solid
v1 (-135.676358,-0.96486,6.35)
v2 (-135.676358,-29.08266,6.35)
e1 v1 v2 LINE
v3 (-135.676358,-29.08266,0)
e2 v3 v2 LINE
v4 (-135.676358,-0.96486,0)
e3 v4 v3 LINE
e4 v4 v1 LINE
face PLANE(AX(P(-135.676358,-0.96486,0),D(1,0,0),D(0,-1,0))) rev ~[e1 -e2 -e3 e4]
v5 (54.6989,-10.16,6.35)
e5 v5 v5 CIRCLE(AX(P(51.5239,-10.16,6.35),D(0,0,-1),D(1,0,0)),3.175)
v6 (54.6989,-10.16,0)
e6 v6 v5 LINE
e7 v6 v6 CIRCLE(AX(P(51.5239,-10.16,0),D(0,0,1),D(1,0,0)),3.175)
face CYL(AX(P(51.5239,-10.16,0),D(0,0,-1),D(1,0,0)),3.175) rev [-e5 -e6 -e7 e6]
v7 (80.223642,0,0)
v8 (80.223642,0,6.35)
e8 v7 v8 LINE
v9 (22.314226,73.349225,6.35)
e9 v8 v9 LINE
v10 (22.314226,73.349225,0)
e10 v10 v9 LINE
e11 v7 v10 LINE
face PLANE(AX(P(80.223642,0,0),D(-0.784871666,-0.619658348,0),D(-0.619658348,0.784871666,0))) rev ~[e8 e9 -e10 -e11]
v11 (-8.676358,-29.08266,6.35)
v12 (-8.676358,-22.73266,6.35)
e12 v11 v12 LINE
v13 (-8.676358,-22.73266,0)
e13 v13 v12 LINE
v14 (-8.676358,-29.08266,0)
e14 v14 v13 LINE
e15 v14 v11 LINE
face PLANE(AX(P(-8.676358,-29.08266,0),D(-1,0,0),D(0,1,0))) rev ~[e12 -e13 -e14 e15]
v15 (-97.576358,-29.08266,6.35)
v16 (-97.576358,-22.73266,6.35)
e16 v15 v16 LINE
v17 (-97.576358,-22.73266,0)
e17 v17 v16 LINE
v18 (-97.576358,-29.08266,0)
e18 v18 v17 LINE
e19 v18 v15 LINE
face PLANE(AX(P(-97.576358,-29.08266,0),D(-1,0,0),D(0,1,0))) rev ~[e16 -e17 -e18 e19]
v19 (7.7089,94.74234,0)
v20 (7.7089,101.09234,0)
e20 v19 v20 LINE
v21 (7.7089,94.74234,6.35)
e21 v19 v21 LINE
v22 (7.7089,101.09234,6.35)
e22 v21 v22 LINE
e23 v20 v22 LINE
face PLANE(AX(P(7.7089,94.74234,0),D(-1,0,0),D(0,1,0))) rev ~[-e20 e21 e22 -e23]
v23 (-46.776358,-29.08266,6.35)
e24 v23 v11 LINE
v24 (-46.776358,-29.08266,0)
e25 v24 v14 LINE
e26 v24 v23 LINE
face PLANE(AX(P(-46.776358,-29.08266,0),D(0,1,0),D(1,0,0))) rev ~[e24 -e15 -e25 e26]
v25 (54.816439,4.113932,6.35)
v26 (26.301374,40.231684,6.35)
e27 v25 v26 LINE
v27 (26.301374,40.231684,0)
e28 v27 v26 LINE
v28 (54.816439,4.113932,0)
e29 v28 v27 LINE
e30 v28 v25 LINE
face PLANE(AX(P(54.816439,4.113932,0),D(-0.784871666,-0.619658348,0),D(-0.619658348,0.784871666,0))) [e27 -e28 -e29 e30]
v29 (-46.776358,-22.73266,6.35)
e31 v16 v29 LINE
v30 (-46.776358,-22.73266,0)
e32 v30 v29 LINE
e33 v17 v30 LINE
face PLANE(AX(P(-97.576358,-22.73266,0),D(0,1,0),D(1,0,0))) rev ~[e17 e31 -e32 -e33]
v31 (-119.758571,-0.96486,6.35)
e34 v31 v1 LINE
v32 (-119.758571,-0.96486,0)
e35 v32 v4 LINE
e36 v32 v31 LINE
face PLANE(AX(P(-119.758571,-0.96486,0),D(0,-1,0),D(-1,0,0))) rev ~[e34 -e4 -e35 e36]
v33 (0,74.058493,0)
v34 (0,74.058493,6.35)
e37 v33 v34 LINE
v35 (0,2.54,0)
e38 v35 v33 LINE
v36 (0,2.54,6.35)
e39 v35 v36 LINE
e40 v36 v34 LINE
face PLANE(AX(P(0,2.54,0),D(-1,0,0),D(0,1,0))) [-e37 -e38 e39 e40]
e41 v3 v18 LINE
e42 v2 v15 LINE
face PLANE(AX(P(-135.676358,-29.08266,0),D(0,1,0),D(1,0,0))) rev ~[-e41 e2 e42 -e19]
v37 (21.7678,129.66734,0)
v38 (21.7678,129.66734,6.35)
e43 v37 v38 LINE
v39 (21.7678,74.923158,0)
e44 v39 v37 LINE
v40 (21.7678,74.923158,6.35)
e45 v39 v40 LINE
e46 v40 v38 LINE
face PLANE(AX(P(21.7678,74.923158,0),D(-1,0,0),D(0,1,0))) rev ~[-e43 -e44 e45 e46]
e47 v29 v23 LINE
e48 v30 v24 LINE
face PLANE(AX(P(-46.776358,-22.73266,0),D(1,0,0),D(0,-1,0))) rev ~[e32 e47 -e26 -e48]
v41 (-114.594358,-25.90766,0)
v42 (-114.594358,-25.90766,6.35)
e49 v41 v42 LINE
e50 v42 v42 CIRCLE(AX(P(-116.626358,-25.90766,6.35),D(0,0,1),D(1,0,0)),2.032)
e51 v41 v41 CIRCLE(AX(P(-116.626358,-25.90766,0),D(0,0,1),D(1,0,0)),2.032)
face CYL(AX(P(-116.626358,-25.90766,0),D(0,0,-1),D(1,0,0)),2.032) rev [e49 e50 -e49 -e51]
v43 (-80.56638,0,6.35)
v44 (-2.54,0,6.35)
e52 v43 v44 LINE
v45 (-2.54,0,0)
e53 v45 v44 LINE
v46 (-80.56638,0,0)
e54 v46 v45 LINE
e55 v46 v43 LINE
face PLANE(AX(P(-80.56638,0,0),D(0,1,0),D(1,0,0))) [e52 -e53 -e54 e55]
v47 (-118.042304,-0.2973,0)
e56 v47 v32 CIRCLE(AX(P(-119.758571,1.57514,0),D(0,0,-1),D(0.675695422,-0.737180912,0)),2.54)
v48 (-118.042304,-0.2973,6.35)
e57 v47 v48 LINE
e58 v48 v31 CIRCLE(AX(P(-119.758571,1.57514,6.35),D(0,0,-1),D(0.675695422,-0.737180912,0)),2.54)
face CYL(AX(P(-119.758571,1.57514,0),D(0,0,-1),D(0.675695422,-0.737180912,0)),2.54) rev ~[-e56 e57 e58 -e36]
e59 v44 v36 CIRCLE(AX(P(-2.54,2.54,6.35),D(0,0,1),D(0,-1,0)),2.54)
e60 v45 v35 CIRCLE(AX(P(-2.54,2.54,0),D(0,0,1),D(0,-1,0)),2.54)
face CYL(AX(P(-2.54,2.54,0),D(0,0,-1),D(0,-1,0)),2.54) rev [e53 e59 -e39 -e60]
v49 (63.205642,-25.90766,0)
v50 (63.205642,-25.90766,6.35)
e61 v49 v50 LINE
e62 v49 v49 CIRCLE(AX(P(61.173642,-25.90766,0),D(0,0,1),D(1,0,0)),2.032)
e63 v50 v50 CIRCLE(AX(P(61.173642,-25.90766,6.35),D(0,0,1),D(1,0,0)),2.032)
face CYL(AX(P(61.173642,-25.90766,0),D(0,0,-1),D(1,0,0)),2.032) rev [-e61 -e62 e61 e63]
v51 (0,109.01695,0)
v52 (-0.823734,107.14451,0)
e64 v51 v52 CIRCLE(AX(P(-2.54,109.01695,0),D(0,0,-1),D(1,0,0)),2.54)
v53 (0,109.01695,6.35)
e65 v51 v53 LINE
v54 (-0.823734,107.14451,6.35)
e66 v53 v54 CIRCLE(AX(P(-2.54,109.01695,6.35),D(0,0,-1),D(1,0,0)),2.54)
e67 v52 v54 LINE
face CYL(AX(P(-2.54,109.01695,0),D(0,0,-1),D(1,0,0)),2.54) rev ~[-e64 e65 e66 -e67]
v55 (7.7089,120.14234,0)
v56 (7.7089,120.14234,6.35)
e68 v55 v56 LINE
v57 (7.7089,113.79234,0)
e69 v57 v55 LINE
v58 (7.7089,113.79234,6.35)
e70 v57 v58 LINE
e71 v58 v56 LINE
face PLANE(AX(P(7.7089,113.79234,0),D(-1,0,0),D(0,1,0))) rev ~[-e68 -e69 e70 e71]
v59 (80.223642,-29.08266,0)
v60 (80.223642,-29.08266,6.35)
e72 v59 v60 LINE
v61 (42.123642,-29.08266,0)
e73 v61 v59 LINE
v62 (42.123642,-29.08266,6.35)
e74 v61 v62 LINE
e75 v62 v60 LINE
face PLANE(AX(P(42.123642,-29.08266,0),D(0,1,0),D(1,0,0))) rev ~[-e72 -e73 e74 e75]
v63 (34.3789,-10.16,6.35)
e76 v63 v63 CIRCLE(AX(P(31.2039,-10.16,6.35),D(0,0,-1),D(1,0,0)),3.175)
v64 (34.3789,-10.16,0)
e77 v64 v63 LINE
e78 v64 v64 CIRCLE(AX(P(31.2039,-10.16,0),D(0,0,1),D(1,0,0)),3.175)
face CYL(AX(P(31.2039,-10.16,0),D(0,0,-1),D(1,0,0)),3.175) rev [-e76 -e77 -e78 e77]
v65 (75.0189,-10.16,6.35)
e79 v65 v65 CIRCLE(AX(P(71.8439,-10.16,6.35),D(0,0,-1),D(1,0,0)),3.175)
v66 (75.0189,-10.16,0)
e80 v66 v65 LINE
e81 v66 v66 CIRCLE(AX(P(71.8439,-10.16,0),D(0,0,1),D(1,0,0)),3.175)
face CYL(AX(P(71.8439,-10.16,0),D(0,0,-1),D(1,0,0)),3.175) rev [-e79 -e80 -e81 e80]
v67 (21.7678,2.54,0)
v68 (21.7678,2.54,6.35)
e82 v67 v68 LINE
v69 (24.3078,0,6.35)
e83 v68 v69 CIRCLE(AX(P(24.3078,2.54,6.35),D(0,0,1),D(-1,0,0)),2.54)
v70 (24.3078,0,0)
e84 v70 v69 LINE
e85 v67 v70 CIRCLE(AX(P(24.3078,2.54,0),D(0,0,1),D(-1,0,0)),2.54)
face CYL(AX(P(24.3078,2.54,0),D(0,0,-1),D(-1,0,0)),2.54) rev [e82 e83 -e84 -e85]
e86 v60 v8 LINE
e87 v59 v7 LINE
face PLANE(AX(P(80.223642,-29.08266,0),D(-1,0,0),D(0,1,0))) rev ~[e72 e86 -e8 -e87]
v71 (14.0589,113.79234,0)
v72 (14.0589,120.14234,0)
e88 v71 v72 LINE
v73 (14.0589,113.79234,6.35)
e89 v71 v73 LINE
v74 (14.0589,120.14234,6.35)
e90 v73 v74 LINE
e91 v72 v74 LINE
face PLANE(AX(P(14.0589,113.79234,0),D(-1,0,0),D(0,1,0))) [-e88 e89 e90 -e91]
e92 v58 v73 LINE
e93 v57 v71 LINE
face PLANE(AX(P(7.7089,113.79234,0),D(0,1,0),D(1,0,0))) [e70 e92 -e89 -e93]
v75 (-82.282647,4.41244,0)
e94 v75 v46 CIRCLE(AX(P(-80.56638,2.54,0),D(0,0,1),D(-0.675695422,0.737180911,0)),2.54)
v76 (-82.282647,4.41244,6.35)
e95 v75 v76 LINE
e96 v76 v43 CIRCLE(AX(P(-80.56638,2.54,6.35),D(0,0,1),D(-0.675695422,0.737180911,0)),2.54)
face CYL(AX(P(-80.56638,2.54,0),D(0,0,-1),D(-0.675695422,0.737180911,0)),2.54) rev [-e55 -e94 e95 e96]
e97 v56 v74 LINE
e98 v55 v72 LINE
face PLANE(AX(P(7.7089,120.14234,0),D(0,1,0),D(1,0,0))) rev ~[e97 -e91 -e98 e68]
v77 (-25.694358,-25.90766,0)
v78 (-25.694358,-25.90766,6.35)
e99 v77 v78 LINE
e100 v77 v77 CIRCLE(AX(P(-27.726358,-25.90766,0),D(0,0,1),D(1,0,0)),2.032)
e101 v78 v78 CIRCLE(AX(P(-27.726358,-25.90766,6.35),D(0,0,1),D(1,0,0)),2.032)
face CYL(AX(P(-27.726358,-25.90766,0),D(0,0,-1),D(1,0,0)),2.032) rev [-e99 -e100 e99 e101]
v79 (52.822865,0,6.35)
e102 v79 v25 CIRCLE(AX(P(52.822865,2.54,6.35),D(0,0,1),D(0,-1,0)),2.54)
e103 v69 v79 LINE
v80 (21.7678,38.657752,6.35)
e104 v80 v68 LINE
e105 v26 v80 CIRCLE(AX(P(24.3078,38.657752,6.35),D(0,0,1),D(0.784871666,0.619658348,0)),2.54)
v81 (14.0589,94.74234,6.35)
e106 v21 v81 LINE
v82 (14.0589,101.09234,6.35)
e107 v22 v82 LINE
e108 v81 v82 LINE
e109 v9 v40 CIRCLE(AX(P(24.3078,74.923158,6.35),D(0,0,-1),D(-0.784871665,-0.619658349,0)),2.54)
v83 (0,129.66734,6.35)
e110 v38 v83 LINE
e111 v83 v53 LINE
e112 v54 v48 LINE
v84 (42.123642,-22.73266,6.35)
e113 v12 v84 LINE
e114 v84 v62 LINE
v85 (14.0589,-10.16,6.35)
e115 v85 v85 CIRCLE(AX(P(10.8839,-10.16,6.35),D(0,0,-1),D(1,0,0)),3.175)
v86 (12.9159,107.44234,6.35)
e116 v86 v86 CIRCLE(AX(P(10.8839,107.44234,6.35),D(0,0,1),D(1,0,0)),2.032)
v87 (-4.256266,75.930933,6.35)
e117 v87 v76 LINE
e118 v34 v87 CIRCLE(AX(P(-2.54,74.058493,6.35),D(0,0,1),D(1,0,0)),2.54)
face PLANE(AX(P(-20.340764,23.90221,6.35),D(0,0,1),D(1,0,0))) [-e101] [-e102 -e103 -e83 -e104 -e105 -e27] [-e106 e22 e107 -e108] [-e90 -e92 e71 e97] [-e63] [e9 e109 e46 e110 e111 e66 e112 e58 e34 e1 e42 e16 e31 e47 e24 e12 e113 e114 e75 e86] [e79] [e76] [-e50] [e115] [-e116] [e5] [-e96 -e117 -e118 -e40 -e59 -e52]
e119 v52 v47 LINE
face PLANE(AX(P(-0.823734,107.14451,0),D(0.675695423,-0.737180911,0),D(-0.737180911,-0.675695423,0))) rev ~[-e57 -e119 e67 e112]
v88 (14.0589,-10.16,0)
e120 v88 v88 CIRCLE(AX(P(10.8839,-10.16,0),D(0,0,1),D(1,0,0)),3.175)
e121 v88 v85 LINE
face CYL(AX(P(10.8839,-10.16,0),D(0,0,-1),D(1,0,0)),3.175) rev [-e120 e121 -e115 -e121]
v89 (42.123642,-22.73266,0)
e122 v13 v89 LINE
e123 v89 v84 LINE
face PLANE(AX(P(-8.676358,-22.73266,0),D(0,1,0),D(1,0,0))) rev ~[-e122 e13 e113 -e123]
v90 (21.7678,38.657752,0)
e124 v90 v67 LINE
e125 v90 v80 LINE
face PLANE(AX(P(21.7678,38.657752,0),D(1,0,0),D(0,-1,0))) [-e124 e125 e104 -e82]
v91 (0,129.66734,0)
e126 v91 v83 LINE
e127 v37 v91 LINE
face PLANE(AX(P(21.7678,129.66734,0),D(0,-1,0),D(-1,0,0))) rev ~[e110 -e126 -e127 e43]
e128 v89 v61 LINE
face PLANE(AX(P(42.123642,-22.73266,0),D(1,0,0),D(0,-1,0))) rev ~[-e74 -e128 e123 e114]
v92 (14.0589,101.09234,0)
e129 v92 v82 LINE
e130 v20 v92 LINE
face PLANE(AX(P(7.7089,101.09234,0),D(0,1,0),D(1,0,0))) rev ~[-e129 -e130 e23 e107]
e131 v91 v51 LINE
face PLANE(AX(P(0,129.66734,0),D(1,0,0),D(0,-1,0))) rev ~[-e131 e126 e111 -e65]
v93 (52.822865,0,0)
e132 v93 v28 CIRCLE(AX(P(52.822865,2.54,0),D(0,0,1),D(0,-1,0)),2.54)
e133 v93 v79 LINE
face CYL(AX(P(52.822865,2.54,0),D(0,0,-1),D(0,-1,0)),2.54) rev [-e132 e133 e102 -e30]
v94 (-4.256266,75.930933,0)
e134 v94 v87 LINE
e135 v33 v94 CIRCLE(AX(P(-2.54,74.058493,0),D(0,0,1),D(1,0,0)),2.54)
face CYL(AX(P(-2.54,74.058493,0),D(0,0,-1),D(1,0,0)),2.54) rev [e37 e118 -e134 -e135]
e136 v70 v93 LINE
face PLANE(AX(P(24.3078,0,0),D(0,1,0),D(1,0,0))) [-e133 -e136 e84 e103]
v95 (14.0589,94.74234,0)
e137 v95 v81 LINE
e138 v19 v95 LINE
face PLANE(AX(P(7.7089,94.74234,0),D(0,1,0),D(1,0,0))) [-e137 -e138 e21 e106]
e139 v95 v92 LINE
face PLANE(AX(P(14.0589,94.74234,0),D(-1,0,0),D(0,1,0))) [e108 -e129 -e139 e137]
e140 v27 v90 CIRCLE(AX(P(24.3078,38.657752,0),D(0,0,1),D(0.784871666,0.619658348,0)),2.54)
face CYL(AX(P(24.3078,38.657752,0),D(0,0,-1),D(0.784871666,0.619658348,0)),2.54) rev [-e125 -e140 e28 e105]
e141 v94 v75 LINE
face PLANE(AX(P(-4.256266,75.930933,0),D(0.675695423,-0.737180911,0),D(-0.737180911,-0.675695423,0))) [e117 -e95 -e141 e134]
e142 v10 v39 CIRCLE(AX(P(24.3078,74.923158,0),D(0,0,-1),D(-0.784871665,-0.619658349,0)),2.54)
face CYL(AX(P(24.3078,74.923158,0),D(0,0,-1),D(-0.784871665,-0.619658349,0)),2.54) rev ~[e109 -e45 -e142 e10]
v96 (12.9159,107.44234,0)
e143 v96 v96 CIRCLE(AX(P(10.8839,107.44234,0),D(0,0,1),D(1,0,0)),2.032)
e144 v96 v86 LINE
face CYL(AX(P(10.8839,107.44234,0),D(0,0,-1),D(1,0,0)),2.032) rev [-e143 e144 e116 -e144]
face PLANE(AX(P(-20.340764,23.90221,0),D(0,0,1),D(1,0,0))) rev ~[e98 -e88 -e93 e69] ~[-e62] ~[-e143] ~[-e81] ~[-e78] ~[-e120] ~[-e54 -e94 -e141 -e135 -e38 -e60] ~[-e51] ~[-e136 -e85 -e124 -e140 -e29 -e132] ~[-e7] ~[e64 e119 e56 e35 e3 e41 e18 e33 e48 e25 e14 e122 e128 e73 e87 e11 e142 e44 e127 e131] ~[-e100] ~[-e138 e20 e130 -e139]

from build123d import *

# Parameters (mm, degrees)
SKETCH1_R           = 2.032
SKETCH1_W           = 6.35
SKETCH1_H           = 6.35
BOSS_EXTRUDE2_DEPTH = 6.35
CUT_EXTRUDE1_START  = -6.35
SKETCH3_R           = 3.175
CUT_EXTRUDE1_DEPTH  = 195.131829617


with BuildPart() as part:
    # Sketch1 → Boss-Extrude2 (new body)
    with BuildSketch(Plane.XY):
        with BuildLine():
            Line((21.7678, 129.667339502), (0, 129.667339502))
            Line((0, 129.667339502), (0, 109.016949915))
            ThreePointArc((0, 109.016949915), (-0.215035851, 107.994139226), (-0.823733627, 107.1445104))
            Line((-0.823733627, 107.1445104), (-118.042304389, -0.297300013))
            ThreePointArc((-118.042304389, -0.297300013), (-118.837809221, -0.792094788), (-119.758570763, -0.964860498))
            Line((-119.758570763, -0.964860498), (-135.676357929, -0.964860498))
            Line((-135.676357929, -0.964860498), (-135.676357929, -29.082660498))
            Line((-135.676357929, -29.082660498), (-97.576357929, -29.082660498))
            Line((-97.576357929, -29.082660498), (-97.576357929, -22.732660498))
            Line((-97.576357929, -22.732660498), (-46.776357929, -22.732660498))
            Line((-46.776357929, -22.732660498), (-46.776357929, -29.082660498))
            Line((-46.776357929, -29.082660498), (-8.676357929, -29.082660498))
            Line((-8.676357929, -29.082660498), (-8.676357929, -22.732660498))
            Line((-8.676357929, -22.732660498), (42.123642071, -22.732660498))
            Line((42.123642071, -22.732660498), (42.123642071, -29.082660498))
            Line((42.123642071, -29.082660498), (80.223642071, -29.082660498))
            Line((80.223642071, -29.082660498), (80.223642071, 0))
            Line((80.223642071, 0), (22.314225969, 73.349225433))
            ThreePointArc((22.314225969, 73.349225433), (21.908291921, 74.090114432), (21.7678, 74.923157637))
            Line((21.7678, 74.923157637), (21.7678, 129.667339502))
        make_face()
        with Locations((-116.626357929, -25.907660498)):
            Circle(SKETCH1_R, mode=Mode.SUBTRACT)
        with Locations((-27.726357929, -25.907660498)):
            Circle(SKETCH1_R, mode=Mode.SUBTRACT)
        with Locations((61.173642071, -25.907660498)):
            Circle(SKETCH1_R, mode=Mode.SUBTRACT)
        with Locations((10.8839, 107.442339502)):
            Circle(SKETCH1_R, mode=Mode.SUBTRACT)
        with BuildLine():
            Line((24.3078, 0), (52.822865129, 0))
            ThreePointArc((52.822865129, 0), (55.108624062, 1.432342065), (54.81643916, 4.113932204))
            Line((54.81643916, 4.113932204), (26.301374031, 40.231684398))
            ThreePointArc((26.301374031, 40.231684398), (23.474756795, 41.057260272), (21.7678, 38.657752193))
            Line((21.7678, 38.657752193), (21.7678, 2.54))
            ThreePointArc((21.7678, 2.54), (22.511748776, 0.743948776), (24.3078, 0))
        make_face(mode=Mode.SUBTRACT)
        with BuildLine():
            Line((0, 2.54), (0, 74.05849329))
            ThreePointArc((0, 74.05849329), (-1.517189311, 76.38345744), (-4.256266373, 75.930932805))
            Line((-4.256266373, 75.930932805), (-82.28264674, 4.412439515))
            ThreePointArc((-82.28264674, 4.412439515), (-82.933614657, 1.619238458), (-80.566380367, 0))
            Line((-80.566380367, 0), (-2.54, 0))
            ThreePointArc((-2.54, 0), (-0.743948776, 0.743948776), (0, 2.54))
        make_face(mode=Mode.SUBTRACT)
        with Locations((10.8839, 116.967339502)):
            Rectangle(SKETCH1_W, SKETCH1_H, mode=Mode.SUBTRACT)
        with Locations((10.8839, 97.917339502)):
            Rectangle(SKETCH1_W, SKETCH1_H, mode=Mode.SUBTRACT)
    extrude(amount=BOSS_EXTRUDE2_DEPTH)

    # Sketch3 → Cut-Extrude1 (cut, through all)
    with BuildSketch(Plane.XY.offset(6.35).offset(CUT_EXTRUDE1_START)):
        with Locations((10.8839, -10.16)):
            Circle(SKETCH3_R)
        with Locations((31.2039, -10.16)):
            Circle(SKETCH3_R)
        with Locations((51.5239, -10.16)):
            Circle(SKETCH3_R)
        with Locations((71.8439, -10.16)):
            Circle(SKETCH3_R)
    extrude(amount=CUT_EXTRUDE1_DEPTH, mode=Mode.SUBTRACT)


solid = part.part
